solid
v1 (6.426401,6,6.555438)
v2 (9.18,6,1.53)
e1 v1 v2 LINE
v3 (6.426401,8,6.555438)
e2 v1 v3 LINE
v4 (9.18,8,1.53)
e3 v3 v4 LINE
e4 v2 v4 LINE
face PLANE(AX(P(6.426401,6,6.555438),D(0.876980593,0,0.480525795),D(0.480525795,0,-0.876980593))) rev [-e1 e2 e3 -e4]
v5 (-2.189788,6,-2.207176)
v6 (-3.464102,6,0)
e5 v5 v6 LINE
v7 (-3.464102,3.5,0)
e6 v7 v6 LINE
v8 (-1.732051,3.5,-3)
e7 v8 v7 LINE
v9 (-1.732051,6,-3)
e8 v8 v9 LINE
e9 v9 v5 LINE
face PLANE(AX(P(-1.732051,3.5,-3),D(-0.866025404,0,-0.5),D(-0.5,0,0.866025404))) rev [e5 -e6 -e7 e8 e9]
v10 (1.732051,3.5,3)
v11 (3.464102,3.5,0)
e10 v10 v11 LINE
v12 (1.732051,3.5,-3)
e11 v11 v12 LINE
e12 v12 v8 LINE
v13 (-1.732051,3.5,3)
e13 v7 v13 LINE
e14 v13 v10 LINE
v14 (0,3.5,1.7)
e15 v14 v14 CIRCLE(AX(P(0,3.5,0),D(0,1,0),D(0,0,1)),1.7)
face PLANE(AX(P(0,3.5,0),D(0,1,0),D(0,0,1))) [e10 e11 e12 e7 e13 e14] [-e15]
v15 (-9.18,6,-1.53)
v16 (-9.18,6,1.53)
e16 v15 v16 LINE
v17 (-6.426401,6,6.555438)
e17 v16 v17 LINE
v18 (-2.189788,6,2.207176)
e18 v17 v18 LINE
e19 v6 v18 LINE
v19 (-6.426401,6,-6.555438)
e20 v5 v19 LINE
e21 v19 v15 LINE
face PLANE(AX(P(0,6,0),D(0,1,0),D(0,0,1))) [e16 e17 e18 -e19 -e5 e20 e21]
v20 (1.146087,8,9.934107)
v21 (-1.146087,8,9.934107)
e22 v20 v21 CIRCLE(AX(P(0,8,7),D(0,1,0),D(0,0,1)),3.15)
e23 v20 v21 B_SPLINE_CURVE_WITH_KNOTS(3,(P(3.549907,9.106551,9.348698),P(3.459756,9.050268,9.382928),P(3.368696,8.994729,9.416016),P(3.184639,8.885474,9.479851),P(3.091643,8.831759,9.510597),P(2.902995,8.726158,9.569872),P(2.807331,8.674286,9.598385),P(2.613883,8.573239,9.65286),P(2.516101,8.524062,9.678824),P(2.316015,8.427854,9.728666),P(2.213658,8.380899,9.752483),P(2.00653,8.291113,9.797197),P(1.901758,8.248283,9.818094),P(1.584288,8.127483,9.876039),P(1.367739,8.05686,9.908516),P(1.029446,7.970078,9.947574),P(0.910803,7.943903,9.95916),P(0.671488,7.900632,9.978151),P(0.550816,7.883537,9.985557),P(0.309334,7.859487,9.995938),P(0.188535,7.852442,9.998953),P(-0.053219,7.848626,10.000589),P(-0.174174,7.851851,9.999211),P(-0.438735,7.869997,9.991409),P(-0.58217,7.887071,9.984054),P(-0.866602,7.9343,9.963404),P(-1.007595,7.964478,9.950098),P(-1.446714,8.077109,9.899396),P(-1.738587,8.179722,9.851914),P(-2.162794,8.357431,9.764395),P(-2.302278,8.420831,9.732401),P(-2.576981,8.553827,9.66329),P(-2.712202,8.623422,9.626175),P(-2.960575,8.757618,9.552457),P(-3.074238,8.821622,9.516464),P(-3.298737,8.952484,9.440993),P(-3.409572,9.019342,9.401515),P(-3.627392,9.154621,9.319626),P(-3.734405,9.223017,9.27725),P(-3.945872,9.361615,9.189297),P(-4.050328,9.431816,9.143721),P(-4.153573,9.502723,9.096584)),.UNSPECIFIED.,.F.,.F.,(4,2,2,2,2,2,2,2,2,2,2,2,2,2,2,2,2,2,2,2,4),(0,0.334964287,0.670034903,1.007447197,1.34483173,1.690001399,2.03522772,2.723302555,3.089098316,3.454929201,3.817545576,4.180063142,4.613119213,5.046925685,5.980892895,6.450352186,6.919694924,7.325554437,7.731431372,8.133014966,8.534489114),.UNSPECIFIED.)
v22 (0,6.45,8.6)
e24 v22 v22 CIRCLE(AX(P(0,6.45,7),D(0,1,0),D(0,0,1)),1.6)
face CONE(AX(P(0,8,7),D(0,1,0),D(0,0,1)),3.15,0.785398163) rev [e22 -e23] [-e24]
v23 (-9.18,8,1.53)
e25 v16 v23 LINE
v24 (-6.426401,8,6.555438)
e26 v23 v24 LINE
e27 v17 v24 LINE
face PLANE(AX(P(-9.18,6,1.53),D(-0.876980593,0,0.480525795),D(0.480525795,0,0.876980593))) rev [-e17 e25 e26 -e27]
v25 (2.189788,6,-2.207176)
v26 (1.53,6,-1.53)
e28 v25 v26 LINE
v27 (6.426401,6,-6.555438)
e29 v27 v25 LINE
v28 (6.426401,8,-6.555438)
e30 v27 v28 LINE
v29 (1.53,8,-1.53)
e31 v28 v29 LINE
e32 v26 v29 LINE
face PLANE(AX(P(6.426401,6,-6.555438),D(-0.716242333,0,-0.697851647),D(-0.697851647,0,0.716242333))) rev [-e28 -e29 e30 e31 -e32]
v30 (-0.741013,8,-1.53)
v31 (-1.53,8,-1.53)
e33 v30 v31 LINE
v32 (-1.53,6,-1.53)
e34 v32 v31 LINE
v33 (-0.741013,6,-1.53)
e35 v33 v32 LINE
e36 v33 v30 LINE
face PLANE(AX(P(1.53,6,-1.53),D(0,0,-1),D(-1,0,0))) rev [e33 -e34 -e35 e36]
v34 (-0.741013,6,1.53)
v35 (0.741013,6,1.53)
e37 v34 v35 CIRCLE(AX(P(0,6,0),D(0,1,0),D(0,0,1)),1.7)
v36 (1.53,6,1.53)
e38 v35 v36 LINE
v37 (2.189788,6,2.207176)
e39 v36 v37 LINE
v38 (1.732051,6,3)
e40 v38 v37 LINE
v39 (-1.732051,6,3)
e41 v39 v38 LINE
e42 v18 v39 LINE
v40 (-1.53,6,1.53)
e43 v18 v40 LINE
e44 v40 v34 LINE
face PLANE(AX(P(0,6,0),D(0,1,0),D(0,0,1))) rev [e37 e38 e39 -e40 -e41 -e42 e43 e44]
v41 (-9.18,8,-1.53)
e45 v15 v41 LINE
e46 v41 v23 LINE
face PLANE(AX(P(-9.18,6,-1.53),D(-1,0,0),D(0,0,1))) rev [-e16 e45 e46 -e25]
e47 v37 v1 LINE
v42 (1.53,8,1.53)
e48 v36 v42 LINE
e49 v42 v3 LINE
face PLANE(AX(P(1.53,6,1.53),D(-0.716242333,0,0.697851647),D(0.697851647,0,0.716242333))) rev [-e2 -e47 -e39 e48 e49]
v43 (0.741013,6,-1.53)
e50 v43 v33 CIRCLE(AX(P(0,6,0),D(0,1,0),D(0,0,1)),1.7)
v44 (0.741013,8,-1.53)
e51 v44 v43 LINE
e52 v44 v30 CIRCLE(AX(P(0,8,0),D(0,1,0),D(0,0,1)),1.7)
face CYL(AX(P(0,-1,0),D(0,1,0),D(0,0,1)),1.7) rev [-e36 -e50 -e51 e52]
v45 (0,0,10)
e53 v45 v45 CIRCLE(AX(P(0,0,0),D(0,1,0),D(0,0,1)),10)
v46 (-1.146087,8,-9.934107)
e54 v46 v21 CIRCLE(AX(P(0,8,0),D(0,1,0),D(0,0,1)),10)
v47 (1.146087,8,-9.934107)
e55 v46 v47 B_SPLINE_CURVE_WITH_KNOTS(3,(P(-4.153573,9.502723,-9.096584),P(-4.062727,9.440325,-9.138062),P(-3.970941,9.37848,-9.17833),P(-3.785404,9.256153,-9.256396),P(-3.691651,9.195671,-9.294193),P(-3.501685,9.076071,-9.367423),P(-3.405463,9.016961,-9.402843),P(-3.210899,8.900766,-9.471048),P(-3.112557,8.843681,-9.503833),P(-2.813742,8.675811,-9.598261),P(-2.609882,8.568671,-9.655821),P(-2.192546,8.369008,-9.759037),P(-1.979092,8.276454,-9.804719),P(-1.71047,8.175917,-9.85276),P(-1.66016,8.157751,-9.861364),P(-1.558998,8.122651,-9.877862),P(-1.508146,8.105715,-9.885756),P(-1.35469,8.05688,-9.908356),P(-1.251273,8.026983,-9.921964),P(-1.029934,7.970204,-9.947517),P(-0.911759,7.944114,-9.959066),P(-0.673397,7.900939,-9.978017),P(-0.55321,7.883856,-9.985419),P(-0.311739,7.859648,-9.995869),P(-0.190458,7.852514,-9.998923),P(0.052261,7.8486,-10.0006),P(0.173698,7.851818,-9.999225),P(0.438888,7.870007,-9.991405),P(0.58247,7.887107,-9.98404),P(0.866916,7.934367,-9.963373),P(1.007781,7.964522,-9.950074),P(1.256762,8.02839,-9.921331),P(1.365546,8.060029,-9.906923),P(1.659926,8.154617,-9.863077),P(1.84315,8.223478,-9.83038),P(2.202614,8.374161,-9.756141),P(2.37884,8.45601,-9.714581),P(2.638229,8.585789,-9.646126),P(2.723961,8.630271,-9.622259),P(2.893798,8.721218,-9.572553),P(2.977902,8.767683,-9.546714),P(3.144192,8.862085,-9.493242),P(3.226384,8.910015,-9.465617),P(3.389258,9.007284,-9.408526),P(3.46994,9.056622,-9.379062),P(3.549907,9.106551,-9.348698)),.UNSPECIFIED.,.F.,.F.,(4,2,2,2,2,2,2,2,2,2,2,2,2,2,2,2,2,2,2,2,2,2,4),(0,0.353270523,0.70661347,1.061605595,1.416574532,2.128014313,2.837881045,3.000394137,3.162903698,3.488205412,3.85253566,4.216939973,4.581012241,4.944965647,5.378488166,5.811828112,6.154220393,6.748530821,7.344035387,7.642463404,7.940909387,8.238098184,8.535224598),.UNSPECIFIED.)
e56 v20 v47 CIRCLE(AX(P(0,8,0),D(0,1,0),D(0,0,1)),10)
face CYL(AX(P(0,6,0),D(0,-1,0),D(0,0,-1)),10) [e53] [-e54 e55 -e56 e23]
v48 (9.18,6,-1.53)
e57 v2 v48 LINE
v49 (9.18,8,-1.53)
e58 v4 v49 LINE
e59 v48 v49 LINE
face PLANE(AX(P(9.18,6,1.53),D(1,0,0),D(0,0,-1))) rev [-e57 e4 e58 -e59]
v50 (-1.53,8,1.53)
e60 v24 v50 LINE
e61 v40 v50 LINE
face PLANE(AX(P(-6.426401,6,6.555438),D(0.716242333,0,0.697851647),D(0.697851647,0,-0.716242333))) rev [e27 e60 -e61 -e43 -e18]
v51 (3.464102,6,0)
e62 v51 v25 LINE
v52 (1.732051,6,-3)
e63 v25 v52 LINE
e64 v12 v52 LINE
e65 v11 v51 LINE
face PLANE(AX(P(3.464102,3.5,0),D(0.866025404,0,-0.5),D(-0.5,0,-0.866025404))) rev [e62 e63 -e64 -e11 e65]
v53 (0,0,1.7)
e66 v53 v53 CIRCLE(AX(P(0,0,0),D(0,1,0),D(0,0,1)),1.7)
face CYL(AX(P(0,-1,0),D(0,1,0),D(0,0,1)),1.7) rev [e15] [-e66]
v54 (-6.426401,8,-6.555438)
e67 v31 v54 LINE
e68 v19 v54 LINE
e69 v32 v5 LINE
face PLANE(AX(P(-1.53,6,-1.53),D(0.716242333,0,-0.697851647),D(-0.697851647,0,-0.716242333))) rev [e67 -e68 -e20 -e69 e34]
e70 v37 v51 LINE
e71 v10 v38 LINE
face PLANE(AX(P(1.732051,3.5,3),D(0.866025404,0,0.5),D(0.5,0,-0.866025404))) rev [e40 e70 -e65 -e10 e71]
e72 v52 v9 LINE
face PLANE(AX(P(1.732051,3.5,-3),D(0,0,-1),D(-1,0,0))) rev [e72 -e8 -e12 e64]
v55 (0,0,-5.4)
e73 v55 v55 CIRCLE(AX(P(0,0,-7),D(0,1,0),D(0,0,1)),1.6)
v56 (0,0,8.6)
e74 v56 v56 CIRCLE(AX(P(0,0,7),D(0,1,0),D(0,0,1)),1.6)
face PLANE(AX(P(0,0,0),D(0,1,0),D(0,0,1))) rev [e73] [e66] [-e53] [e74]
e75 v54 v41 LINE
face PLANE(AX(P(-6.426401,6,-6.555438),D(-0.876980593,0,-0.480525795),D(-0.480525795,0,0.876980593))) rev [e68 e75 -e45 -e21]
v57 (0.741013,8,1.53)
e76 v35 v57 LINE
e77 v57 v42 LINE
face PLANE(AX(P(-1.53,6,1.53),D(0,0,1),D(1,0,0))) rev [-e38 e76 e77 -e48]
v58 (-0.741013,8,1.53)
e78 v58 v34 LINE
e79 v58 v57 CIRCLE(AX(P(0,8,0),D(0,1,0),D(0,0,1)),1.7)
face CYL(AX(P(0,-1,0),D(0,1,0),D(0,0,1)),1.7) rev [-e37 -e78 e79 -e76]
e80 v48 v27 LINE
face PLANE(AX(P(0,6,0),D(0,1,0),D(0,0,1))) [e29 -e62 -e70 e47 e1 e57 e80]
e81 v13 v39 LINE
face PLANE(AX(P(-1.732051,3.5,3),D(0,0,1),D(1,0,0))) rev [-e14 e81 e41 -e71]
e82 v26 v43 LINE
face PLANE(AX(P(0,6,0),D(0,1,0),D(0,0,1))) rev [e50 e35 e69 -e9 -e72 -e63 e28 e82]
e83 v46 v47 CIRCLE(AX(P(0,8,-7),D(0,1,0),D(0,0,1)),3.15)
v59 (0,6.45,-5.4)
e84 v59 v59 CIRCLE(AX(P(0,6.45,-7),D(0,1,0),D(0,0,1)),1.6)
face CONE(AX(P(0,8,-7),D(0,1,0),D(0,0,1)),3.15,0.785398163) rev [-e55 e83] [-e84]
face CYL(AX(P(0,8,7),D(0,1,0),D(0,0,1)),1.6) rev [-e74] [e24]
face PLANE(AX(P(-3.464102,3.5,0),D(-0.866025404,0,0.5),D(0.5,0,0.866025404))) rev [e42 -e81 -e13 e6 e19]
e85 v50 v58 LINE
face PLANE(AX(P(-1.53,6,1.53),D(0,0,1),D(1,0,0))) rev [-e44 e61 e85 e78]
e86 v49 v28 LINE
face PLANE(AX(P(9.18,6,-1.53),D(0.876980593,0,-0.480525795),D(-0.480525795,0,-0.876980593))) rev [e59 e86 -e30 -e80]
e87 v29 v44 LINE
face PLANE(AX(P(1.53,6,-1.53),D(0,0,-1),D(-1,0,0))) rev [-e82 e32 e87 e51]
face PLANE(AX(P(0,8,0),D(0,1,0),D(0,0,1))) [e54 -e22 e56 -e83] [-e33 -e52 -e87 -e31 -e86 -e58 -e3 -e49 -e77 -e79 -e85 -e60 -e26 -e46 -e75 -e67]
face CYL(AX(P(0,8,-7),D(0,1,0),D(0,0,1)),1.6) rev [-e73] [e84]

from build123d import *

# Parameters (mm, degrees)
SKETCH1_R                                           = 10
BOSS_EXTRUDE1_DEPTH                                 = 6
CUT_EXTRUDE4_DEPTH                                  = 2.5
SKETCH9_R                                           = 10
BOSS_EXTRUDE2_DEPTH                                 = 2
CSK_FOR_M3_COUNTERSUNK_FLAT_HEAD_SCREW2_D           = 3.2
CSK_FOR_M3_COUNTERSUNK_FLAT_HEAD_SCREW2_CSINK_D     = 6.3
CSK_FOR_M3_COUNTERSUNK_FLAT_HEAD_SCREW2_CSINK_ANGLE = 90
CUT_EXTRUDE6_DEPTH                                  = 2
SKETCH18_R                                          = 1.7
CUT_EXTRUDE8_DEPTH                                  = 9


with BuildPart() as part:
    # Sketch1 → Boss-Extrude1 (new body)
    with BuildSketch(Plane(origin=(0, 0, 0), x_dir=(1, 0, 0), z_dir=(0, 1, 0))):
        Circle(SKETCH1_R)
    extrude(amount=BOSS_EXTRUDE1_DEPTH)

    # Sketch8 → Cut-Extrude4 (cut)
    with BuildSketch(Plane(origin=(0, 6, 0), x_dir=(1, 0, 0), z_dir=(0, 1, 0))):
        Polygon((3.464101615, 0), (1.732050808, 3), (-1.732050808, 3), (-3.464101615, 0), (-1.732050808, -3), (1.732050808, -3), align=None)
    extrude(amount=-CUT_EXTRUDE4_DEPTH, mode=Mode.SUBTRACT)

    # Sketch9 → Boss-Extrude2 (add)
    with BuildSketch(Plane(origin=(0, 6, 0), x_dir=(1, 0, 0), z_dir=(0, 1, 0))):
        Circle(SKETCH9_R)
    extrude(amount=BOSS_EXTRUDE2_DEPTH)

    # CSK for M3 Countersunk Flat Head Screw2 (through all)
    with Locations(Plane(origin=(0, 8, 0), x_dir=(1, 0, 0), z_dir=(0, 1, 0))):
        with Locations((0, 7), (0, -7)):
            CounterSinkHole(CSK_FOR_M3_COUNTERSUNK_FLAT_HEAD_SCREW2_D / 2, CSK_FOR_M3_COUNTERSUNK_FLAT_HEAD_SCREW2_CSINK_D / 2, counter_sink_angle=CSK_FOR_M3_COUNTERSUNK_FLAT_HEAD_SCREW2_CSINK_ANGLE)

    # Sketch16 → Cut-Extrude6 (cut)
    with BuildSketch(Plane(origin=(0, 8, 0), x_dir=(1, 0, 0), z_dir=(0, 1, 0))):
        Polygon((-6.426401471, 6.555437753), (-9.18, 1.53), (-9.18, -1.53), (-6.426401471, -6.555437753), (-1.53, -1.53), (1.53, -1.53), (6.426401471, -6.555437753), (9.18, -1.53), (9.18, 1.53), (6.426401471, 6.555437753), (1.53, 1.53), (-1.53, 1.53), align=None)
    extrude(amount=-CUT_EXTRUDE6_DEPTH, mode=Mode.SUBTRACT)

    # Sketch18 → Cut-Extrude8 (cut)
    with BuildSketch(Plane(origin=(0, 8, 0), x_dir=(1, 0, 0), z_dir=(0, 1, 0))):
        Circle(SKETCH18_R)
    extrude(amount=-CUT_EXTRUDE8_DEPTH, mode=Mode.SUBTRACT)


solid = part.part
